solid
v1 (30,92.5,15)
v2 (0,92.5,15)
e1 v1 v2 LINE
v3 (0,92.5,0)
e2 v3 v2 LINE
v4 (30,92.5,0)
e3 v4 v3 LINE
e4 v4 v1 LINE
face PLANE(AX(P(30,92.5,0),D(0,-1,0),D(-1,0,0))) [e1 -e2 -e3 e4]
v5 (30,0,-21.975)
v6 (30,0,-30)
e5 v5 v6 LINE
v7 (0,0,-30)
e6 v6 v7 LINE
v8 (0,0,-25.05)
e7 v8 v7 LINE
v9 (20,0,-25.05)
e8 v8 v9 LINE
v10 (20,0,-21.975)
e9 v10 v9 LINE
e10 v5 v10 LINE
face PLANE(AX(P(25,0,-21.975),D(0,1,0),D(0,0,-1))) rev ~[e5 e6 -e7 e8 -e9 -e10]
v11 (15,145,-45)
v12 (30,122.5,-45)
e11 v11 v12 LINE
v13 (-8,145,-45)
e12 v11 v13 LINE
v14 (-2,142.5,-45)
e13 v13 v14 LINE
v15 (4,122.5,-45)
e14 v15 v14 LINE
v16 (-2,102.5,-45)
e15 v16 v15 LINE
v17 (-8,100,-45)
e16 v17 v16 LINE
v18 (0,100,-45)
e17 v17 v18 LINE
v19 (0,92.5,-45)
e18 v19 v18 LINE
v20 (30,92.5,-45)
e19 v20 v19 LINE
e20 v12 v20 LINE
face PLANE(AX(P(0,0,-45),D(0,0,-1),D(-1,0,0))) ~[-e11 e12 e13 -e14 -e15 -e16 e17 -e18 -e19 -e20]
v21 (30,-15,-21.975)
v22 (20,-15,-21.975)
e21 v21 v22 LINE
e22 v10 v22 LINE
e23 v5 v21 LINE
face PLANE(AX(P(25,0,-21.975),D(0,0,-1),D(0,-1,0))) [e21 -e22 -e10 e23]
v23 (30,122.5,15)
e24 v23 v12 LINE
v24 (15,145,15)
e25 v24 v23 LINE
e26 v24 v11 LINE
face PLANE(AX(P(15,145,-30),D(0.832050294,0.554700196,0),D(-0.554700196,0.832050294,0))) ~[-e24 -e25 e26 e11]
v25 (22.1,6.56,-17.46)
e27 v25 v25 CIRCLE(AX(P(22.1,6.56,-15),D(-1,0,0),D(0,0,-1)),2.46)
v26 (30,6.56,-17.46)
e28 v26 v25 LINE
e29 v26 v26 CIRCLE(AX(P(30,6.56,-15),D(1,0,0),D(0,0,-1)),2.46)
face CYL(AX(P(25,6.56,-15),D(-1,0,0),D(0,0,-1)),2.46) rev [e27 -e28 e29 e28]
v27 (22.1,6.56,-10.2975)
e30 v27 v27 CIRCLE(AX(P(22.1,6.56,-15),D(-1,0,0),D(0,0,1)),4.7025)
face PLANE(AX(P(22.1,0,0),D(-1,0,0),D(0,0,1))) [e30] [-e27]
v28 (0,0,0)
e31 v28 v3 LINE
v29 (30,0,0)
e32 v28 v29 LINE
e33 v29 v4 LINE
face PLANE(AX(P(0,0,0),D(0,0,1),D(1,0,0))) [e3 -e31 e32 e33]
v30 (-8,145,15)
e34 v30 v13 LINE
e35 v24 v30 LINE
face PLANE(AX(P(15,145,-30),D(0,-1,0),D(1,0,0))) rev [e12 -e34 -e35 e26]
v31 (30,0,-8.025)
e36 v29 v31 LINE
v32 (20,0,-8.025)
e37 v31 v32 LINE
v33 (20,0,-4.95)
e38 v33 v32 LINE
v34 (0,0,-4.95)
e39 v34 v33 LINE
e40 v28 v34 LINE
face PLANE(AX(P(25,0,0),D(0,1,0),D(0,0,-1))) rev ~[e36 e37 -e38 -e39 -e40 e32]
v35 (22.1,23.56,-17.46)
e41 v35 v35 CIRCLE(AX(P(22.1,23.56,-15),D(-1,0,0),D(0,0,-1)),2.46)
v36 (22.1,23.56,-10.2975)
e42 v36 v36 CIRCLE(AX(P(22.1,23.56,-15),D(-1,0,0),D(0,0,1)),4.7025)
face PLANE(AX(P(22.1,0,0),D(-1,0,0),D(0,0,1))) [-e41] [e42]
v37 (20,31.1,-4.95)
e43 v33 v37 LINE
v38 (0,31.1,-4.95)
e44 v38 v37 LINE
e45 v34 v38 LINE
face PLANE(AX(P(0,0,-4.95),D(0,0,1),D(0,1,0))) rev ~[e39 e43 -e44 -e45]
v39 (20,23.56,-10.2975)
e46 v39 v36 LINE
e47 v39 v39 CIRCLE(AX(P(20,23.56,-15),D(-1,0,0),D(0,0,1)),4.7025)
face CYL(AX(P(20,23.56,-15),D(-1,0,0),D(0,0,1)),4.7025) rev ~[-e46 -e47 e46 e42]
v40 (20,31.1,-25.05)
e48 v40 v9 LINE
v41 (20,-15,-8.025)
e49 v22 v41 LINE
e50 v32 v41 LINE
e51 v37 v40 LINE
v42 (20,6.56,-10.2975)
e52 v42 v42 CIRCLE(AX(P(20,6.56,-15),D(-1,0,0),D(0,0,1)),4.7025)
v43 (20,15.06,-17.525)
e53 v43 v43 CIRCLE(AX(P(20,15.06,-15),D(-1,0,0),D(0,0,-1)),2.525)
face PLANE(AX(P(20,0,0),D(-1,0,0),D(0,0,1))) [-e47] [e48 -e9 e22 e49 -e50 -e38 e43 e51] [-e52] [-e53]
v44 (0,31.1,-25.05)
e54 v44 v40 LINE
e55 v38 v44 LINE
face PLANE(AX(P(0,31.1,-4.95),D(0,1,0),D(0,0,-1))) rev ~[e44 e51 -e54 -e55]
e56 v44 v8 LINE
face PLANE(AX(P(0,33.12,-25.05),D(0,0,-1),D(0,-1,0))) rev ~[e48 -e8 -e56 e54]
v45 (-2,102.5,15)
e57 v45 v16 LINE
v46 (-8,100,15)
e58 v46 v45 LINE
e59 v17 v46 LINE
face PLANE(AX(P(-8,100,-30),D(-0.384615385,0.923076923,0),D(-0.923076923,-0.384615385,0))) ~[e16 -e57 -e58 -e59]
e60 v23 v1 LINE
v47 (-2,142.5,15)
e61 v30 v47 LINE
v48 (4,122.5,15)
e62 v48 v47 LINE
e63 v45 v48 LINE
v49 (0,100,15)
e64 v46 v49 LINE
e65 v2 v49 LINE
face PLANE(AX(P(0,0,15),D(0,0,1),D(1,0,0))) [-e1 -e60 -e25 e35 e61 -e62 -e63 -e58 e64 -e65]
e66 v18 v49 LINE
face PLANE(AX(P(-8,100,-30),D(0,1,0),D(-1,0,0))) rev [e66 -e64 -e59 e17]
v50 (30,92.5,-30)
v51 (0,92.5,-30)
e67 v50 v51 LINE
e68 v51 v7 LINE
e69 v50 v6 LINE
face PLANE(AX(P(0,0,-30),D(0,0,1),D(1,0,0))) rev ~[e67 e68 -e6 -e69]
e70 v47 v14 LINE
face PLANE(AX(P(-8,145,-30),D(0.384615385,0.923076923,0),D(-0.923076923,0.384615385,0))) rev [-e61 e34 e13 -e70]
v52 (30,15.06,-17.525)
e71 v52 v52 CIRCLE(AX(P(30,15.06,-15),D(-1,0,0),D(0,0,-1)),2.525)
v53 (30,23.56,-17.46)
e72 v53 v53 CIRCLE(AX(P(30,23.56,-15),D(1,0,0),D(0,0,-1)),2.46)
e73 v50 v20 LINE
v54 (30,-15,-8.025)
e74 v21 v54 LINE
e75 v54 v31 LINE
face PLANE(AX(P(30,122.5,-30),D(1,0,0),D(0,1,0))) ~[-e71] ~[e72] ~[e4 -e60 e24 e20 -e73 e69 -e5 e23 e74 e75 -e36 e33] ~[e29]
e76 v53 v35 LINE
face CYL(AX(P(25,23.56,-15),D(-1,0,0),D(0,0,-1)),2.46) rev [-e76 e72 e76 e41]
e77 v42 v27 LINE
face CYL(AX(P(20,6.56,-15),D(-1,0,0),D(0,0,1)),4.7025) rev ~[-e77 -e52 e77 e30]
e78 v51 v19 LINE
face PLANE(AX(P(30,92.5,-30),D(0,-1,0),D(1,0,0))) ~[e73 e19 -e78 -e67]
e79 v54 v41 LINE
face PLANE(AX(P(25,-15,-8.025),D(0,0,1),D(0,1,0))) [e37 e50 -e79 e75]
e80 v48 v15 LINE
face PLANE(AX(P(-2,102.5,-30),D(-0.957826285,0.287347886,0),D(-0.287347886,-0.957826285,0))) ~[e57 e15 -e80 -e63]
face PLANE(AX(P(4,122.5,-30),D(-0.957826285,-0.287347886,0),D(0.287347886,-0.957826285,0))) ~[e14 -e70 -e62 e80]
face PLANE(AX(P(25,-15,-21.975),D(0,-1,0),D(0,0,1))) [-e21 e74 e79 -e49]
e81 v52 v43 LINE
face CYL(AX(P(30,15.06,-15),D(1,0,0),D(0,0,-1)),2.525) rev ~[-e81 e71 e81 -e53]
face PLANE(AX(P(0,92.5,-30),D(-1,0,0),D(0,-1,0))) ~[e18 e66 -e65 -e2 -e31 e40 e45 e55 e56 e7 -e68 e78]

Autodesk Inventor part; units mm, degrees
ref_plane "YZ Plane" through (0, 0, 0) normal (1, 0, 0) x (0, 1, 0)
ref_plane "XZ Plane" through (0, 0, 0) normal (0, 1, 0) x (-1, 0, 0)
sketch "Sketch1" plane through (0, 0, 0) normal (0, 0, 1) x (1, 0, 0)
  line L0 (0, 0) -> (25, 0)
  line L1 (25, 0) -> (25, 40)
  line L2 (25, 40) -> (0, 40)
  line L3 (0, 40) -> (0, 0)
  dimension "d1" = 25
  dimension "d2" = 40
  dimension "d3" = 25
extrude "Extrusion1" add sketch "Sketch1" against normal blind 30
sketch "Sketch2" plane through (25, 0, 0) normal (1, 0, 0) x (0, 0, -1)
  line L0 (0, 0) -> (30, 0) projected
  circle A0 centre (15, 6.56) radius 2.46
extrude "Extrusion2" cut sketch "Sketch2" against normal blind 30
sketch "Sketch3" plane through (0, 0, 0) normal (-1, 0, 0) x (0, 0, 1)
  line L0 (0, 0) -> (-30, 0) projected
  line L1 (-25.05, 0) -> (-4.95, 0)
  line L2 (-4.95, 0) -> (-4.95, 33.12)
  line L3 (-4.95, 33.12) -> (-25.05, 33.12)
  line L4 (-25.05, 33.12) -> (-25.05, 0)
  dimension "d11" = 20.1
extrude "Extrusion3" cut sketch "Sketch3" against normal blind 20
sketch "Sketch4" plane through (0, 0, 0) normal (0, -1, 0) x (1, 0, 0)
  line L0 (20, -4.95) -> (20, -25.05) projected
  line L1 (20, -15) -> (25, -15)
  line L2 (25, 0) -> (25, -30) projected
  line L3 (20, -8.025) -> (25, -8.025)
  line L4 (25, -8.025) -> (25, -21.975)
  line L5 (25, -21.975) -> (20, -21.975)
  line L6 (20, -21.975) -> (20, -8.025)
  line L7 (20, -8.025) -> (25, -21.975) construction
  line L8 (25, -8.025) -> (20, -21.975) construction
  line L9 (25, -12.54) -> (25, -17.46) projected
  point P0 (0, 0)
  point P1 (22.5, -15)
  dimension "d14" = 13.95
extrude "Extrusion4" add sketch "Sketch4" along normal blind 15
sketch "Sketch5" plane through (20, 0, 0) normal (-1, 0, 0) x (0, 0, 1)
  circle A0 centre (-15, 6.56) radius 2.46 projected
  circle A1 centre (-15, 6.56) radius 4.7025
  circle A2 centre (-15, 6.56) radius 2.46 projected
  circle A3 centre (-15, 6.56) radius 2.46
  point P0 (0, 0)
  dimension "d17" = 9.405
extrude "Extrusion5" cut sketch "Sketch5" against normal blind 2.1
sketch "Sketch6" plane through (25, 0, 0) normal (1, 0, 0) x (0, 0, -1)
  circle A0 centre (15, 6.56) radius 4.7025 projected
  line L0 (15, 6.56) -> (15, 23.56)
  circle A1 centre (15, 23.56) radius 2.46
  point P0 (0, 0)
  dimension "d20" = 17
  dimension "d21" = 4.92
extrude "Extrusion6" cut sketch "Sketch6" against normal blind 10 contours A1
sketch "Sketch7" plane through (20, 0, 0) normal (-1, 0, 0) x (0, 0, 1)
  circle A0 centre (-15, 23.56) radius 2.46 projected
  circle A1 centre (-15, 23.56) radius 4.7025
  point P0 (0, 0)
  dimension "d24" = 9.405
extrude "Extrusion7" cut sketch "Sketch7" against normal blind 2.1
sketch "Sketch9" plane through (25, 0, 0) normal (1, 0, 0) x (0, 0, -1)
  circle A0 centre (15, 6.56) radius 2.46 projected
  circle A1 centre (15, 6.56) radius 2.46
  circle A2 centre (15, 23.56) radius 2.46 projected
  circle A3 centre (15, 23.56) radius 2.46
  line L0 (30, 40) -> (30, 0) projected
  line L1 (30, 0) -> (30, 40)
  line L2 (30, 40) -> (0, 40)
  line L3 (0, 40) -> (0, 0)
  line L4 (0, 0) -> (8.025, 0) projected
  line L5 (21.975, 0) -> (21.975, -15)
  line L6 (21.975, -15) -> (8.025, -15)
  line L7 (8.025, -15) -> (8.025, 0)
  line L8 (0, 0) -> (8.025, 0)
  line L9 (21.975, 0) -> (30, 0)
extrude "Extrusion8" add sketch "Sketch9" along normal blind 5
sketch "Sketch10" plane through (0, 40, 0) normal (0, 1, 0) x (1, 0, 0)
  line L0 (0, 30) -> (30, 30) projected
  line L1 (30, 0) -> (0, 0) projected
  line L2 (0, 30) -> (30, 30)
  line L3 (30, 30) -> (30, 0)
  line L4 (30, 0) -> (0, 0)
  line L5 (0, 0) -> (0, 30)
extrude "Extrusion9" add sketch "Sketch10" along normal blind 30
sketch "Sketch12" plane through (30, 0, 0) normal (1, 0, 0) x (0, 0, -1)
  circle A0 centre (15, 6.56) radius 2.46 projected
  line L0 (15, 6.56) -> (15, 15.06)
  circle A1 centre (15, 15.06) radius 2.525
  point P0 (0, 0)
  dimension "d31" = 8.5
  dimension "d33" = 5.05
extrude "Extrusion10" cut sketch "Sketch12" against normal blind 30 contours A1
sketch "Sketch14" plane through (0, 0, 0) normal (0, 0, 1) x (1, 0, 0)
  line L0 (30, 70) -> (0, 70) projected
  line L1 (0, 100) -> (-8, 100)
  line L2 (30, 0) -> (30, 70) projected
  line L3 (30, 118) -> (30, 70)
  line L4 (30, 105) -> (30, 100)
  line L5 (0, 70) -> (30, 70) projected
  line L6 (0, 70) -> (0, 100)
  line L7 (-8, 145) -> (15, 145)
  line L8 (-2, 142.5) -> (-8, 145)
  line L9 (-2, 102.5) -> (-8, 100)
  line L10 (-2, 102.5) -> (4, 122.5)
  line L11 (4, 122.5) -> (-2, 142.5)
  line L12 (15, 145) -> (30, 122.5)
  line L13 (30, 122.5) -> (30, 118)
  point P0 (0, 0)
  dimension "d47" = 30
  dimension "d85" = 45
extrude "Extrusion12" add sketch "Sketch14" against normal blind 30
sketch "Sketch15" plane through (0, 0, -25.05) normal (-1, 0, 0) x (0, 0, 1)
  line L0 (0, 33.12) -> (20.1, 33.12) projected
  line L1 (20.1, 33.12) -> (20.1, 0) projected
  line L2 (0, 33.12) -> (20.1, 33.12)
  line L3 (20.1, 33.12) -> (20.1, 31.1)
  line L4 (20.1, 31.1) -> (0, 31.1)
  line L5 (0, 31.1) -> (0, 33.12)
  point P0 (25.05, 0)
  dimension "d57" = 2.02
extrude "Extrusion13" add sketch "Sketch15" against normal blind 20
sketch "Sketch25" plane through (0, 0, 0) normal (0, 0, 1) x (1, 0, 0)
  line L0 (-8, 100) -> (0, 100) projected
  line L1 (0, 100) -> (-8, 100)
  line L2 (-8, 100) -> (-2, 102.5) projected
  line L3 (-8, 100) -> (-2, 102.5)
  line L4 (-2, 102.5) -> (4, 122.5)
  line L5 (-8, 145) -> (-2, 142.5) projected
  line L6 (4, 122.5) -> (-2, 142.5)
  line L7 (-2, 142.5) -> (-8, 145)
  line L8 (15, 145) -> (-8, 145) projected
  line L9 (-8, 145) -> (15, 145)
  line L10 (15, 145) -> (30, 122.5) projected
  line L11 (15, 145) -> (30, 122.5)
  line L12 (30, 122.5) -> (30, 92.5)
  line L13 (30, 0) -> (30, 122.5) projected
  line L14 (30, 92.5) -> (0, 92.5)
  line L15 (0, 0) -> (0, 100) projected
  line L16 (0, 92.5) -> (0, 100)
  dimension "d88" = 30
extrude "Extrusion14" add sketch "Sketch25" along normal blind 15
ref_plane "Work Plane1" through (0, 0, -15) normal (0, 0, 1) x (1, 0, 0)
mirror "Mirror1" about plane through (0, 0, -15) normal (0, 0, 1) of "Extrusion14"
properties part number "40mm_x_60mm"
